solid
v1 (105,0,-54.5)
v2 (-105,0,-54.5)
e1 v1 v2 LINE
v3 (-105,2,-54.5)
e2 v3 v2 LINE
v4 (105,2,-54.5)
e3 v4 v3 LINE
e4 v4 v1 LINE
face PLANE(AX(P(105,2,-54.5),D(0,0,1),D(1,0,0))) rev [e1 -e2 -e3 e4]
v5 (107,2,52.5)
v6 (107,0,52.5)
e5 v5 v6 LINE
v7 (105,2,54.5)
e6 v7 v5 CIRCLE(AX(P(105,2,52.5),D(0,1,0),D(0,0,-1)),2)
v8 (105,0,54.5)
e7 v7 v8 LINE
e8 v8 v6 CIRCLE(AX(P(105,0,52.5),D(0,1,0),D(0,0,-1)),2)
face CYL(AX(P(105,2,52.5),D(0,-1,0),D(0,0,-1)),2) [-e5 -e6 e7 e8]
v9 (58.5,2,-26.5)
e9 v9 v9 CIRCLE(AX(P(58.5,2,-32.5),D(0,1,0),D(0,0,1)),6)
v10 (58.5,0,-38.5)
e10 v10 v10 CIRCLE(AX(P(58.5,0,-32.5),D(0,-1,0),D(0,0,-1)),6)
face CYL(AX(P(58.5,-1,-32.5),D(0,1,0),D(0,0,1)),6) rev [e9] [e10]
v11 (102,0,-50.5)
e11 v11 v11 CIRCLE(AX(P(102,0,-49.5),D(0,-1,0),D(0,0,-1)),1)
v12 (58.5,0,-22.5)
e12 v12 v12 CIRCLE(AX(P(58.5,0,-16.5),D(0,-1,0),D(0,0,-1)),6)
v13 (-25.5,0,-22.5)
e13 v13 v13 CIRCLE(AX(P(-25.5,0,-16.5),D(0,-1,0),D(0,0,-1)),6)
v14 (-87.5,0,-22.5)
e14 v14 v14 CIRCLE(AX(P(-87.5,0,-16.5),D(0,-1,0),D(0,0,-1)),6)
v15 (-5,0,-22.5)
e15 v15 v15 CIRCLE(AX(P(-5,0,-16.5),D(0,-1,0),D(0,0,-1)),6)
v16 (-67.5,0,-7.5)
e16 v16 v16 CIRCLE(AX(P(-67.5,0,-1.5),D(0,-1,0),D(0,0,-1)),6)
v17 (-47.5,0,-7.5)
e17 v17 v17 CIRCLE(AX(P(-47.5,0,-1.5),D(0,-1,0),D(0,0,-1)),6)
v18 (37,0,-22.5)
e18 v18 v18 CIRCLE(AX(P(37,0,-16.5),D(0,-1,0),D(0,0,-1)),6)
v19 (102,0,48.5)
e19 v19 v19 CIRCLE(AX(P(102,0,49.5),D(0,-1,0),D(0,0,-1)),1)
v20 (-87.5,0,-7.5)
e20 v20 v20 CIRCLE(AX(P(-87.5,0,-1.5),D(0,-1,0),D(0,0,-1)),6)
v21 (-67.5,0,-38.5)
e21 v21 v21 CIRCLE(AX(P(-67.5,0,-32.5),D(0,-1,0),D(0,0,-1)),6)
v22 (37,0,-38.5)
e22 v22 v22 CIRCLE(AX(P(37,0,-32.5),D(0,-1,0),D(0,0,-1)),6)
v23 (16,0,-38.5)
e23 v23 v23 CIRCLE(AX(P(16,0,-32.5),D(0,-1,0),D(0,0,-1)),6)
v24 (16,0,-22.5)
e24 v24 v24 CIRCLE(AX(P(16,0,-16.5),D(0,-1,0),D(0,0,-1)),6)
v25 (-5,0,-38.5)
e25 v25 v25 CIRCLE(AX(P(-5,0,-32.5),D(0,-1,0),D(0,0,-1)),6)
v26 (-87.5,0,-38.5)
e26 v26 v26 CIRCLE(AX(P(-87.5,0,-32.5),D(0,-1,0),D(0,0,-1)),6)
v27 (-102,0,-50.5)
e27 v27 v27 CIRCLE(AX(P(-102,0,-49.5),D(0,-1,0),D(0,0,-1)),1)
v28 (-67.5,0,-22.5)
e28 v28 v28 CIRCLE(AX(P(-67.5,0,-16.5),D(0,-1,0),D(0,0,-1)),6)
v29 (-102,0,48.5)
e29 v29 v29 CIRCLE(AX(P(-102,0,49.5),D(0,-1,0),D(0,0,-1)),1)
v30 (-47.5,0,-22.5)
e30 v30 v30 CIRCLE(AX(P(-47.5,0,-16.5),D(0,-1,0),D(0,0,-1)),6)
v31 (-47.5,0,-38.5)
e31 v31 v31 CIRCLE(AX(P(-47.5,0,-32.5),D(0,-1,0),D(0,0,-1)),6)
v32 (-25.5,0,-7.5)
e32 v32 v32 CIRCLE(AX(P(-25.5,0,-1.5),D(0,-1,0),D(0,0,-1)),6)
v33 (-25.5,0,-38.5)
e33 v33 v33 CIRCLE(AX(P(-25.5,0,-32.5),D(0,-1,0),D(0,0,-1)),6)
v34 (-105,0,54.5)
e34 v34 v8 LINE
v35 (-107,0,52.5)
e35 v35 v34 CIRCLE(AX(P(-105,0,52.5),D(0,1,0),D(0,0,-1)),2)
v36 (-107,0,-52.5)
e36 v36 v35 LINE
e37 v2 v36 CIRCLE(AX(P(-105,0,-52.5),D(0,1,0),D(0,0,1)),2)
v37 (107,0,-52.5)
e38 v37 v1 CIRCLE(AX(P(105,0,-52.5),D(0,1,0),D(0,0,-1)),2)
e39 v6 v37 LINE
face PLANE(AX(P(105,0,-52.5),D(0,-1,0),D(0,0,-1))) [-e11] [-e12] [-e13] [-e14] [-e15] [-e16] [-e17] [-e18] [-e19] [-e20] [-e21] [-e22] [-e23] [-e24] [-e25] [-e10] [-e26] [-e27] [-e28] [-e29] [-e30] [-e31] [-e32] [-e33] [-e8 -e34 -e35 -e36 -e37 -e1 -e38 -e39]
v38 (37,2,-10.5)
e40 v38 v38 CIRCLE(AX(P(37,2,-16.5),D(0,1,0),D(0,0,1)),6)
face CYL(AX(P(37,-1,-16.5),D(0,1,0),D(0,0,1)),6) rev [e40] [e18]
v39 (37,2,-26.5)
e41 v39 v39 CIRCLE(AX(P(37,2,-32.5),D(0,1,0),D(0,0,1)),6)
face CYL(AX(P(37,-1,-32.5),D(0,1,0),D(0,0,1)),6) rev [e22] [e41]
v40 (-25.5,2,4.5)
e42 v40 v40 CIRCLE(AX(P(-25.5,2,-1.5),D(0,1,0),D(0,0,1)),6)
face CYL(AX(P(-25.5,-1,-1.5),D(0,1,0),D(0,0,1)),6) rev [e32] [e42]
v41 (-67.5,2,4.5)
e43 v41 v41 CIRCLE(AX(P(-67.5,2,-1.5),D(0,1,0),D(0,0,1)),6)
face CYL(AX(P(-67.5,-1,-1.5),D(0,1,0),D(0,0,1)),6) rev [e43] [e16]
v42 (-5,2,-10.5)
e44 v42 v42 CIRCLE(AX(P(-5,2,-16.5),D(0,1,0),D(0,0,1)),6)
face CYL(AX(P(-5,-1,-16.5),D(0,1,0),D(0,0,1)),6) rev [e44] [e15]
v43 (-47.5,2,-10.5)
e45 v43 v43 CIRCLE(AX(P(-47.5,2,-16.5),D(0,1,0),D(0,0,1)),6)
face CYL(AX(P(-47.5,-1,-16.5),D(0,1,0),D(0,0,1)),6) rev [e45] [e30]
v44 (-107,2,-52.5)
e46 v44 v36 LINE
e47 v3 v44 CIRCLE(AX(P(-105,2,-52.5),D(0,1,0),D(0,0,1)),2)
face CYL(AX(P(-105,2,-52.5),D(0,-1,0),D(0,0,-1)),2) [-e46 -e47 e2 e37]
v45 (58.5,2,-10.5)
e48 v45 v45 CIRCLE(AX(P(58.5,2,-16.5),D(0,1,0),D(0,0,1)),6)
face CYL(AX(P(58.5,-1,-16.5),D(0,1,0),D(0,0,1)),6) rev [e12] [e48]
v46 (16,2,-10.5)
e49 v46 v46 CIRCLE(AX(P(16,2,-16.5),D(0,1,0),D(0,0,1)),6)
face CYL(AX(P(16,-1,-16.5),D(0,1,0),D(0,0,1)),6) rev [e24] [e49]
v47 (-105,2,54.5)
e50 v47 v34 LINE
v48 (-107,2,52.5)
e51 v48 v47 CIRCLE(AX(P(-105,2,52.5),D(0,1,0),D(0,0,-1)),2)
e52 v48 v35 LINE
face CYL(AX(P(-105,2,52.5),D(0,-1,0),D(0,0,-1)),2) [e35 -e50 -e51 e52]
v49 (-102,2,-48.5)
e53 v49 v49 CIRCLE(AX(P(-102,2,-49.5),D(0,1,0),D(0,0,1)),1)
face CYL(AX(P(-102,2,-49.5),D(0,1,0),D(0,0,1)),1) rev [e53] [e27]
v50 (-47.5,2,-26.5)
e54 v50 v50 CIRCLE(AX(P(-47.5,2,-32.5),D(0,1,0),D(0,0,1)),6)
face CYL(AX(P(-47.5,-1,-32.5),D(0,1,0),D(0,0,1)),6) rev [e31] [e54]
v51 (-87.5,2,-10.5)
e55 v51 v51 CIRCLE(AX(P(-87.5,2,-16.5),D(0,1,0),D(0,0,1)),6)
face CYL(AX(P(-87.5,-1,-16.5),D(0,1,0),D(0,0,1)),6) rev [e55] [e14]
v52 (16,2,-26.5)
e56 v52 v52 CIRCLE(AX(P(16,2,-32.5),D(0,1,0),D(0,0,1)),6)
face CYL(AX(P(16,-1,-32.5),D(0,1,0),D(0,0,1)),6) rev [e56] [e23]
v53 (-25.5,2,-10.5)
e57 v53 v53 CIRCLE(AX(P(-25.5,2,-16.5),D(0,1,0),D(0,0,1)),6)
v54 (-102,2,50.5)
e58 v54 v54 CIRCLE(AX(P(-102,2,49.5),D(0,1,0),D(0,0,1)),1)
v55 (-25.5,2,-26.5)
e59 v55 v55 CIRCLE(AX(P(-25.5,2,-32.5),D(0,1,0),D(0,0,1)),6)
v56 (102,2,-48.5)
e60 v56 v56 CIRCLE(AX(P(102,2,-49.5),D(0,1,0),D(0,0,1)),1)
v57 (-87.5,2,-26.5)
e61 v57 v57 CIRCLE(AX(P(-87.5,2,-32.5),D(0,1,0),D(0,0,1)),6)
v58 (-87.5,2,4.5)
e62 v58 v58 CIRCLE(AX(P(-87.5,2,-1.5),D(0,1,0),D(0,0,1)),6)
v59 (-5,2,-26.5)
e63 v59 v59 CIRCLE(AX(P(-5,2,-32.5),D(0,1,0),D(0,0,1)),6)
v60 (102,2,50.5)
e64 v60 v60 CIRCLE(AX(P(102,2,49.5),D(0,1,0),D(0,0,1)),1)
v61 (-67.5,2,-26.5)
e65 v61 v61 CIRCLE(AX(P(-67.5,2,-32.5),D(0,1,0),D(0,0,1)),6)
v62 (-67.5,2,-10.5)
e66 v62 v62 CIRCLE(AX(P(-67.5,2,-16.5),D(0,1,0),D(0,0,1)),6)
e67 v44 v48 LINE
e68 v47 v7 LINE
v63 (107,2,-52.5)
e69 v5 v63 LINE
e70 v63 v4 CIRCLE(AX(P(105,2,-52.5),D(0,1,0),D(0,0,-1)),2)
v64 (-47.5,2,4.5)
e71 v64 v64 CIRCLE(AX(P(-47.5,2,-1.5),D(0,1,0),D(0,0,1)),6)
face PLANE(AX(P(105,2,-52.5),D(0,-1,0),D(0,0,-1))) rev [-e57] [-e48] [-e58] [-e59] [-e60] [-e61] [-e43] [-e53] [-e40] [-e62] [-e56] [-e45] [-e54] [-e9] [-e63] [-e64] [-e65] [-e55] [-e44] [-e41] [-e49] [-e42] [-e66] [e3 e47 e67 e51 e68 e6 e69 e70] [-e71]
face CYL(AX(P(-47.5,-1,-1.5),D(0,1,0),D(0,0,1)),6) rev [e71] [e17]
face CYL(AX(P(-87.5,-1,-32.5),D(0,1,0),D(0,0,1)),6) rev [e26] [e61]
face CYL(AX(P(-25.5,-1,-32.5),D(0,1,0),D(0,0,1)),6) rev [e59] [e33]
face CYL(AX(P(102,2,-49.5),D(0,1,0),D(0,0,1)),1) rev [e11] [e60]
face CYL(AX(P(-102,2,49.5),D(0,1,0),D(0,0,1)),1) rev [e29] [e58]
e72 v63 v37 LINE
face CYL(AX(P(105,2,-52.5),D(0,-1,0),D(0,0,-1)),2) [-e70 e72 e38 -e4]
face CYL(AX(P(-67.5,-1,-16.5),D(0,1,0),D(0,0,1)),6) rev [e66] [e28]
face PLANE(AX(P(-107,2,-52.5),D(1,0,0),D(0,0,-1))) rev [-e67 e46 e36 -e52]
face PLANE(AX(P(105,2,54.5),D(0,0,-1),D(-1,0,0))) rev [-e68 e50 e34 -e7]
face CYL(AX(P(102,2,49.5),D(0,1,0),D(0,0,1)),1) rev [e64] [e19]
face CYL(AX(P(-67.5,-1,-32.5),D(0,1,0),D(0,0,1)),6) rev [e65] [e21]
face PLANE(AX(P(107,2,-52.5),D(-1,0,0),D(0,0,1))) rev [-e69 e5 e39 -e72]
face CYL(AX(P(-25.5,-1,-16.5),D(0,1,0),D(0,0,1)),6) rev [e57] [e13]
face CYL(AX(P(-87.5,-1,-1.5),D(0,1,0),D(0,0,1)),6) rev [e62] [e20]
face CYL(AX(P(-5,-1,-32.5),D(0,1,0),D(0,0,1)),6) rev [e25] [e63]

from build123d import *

# Parameters (mm, degrees)
BOSS_EXTRUDE1_DEPTH       = 2
SKETCH3_R                 = 6
CUT_EXTRUDE1_DEPTH        = 3
F_2_0MM_DOWEL_HOLE1_D     = 2
F_2_0MM_DOWEL_HOLE1_DEPTH = 8
F_2_0MM_DOWEL_HOLE1_TIP   = 0.600860619


with BuildPart() as part:
    # Sketch2 → Boss-Extrude1 (new body)
    with BuildSketch(Plane(origin=(0, 0, 0), x_dir=(1, 0, 0), z_dir=(0, 1, 0))):
        with BuildLine():
            Line((105, 54.5), (-105, 54.5))
            ThreePointArc((-105, 54.5), (-106.414213562, 53.914213562), (-107, 52.5))
            Line((-107, 52.5), (-107, -52.5))
            ThreePointArc((-107, -52.5), (-106.414213562, -53.914213562), (-105, -54.5))
            Line((-105, -54.5), (105, -54.5))
            ThreePointArc((105, -54.5), (106.414213562, -53.914213562), (107, -52.5))
            Line((107, -52.5), (107, 52.5))
            ThreePointArc((107, 52.5), (106.414213562, 53.914213562), (105, 54.5))
        make_face()
    extrude(amount=BOSS_EXTRUDE1_DEPTH)

    # Sketch3 → Cut-Extrude1 (cut)
    with BuildSketch(Plane(origin=(0, 2, 0), x_dir=(1, 0, 0), z_dir=(0, 1, 0))):
        with Locations((-87.5, 32.5)):
            Circle(SKETCH3_R)
        with Locations((-67.5, 32.5)):
            Circle(SKETCH3_R)
        with Locations((-47.5, 32.5)):
            Circle(SKETCH3_R)
        with Locations((-25.5, 32.5)):
            Circle(SKETCH3_R)
        with Locations((-5, 32.5)):
            Circle(SKETCH3_R)
        with Locations((16, 32.5)):
            Circle(SKETCH3_R)
        with Locations((37, 32.5)):
            Circle(SKETCH3_R)
        with Locations((58.5, 32.5)):
            Circle(SKETCH3_R)
        with Locations((-87.5, 16.5)):
            Circle(SKETCH3_R)
        with Locations((-67.5, 16.5)):
            Circle(SKETCH3_R)
        with Locations((-47.5, 16.5)):
            Circle(SKETCH3_R)
        with Locations((-25.5, 16.5)):
            Circle(SKETCH3_R)
        with Locations((-5, 16.5)):
            Circle(SKETCH3_R)
        with Locations((16, 16.5)):
            Circle(SKETCH3_R)
        with Locations((37, 16.5)):
            Circle(SKETCH3_R)
        with Locations((58.5, 16.5)):
            Circle(SKETCH3_R)
        with Locations((-67.5, 1.5)):
            Circle(SKETCH3_R)
        with Locations((-87.5, 1.5)):
            Circle(SKETCH3_R)
        with Locations((-47.5, 1.5)):
            Circle(SKETCH3_R)
        with Locations((-25.5, 1.5)):
            Circle(SKETCH3_R)
    extrude(amount=-CUT_EXTRUDE1_DEPTH, mode=Mode.SUBTRACT)

    # Ø2.0mm Dowel Hole1
    with Locations(Plane(origin=(0, 2, 0), x_dir=(1, 0, 0), z_dir=(0, 1, 0))):
        with Locations((-102, 49.5), (102, 49.5), (102, -49.5), (-102, -49.5)):
            Hole(F_2_0MM_DOWEL_HOLE1_D / 2, depth=F_2_0MM_DOWEL_HOLE1_DEPTH)
            with Locations((0, 0, -(F_2_0MM_DOWEL_HOLE1_DEPTH + F_2_0MM_DOWEL_HOLE1_TIP / 2))):  # 118° drill point
                Cone(0, F_2_0MM_DOWEL_HOLE1_D / 2, F_2_0MM_DOWEL_HOLE1_TIP, mode=Mode.SUBTRACT)


solid = part.part
